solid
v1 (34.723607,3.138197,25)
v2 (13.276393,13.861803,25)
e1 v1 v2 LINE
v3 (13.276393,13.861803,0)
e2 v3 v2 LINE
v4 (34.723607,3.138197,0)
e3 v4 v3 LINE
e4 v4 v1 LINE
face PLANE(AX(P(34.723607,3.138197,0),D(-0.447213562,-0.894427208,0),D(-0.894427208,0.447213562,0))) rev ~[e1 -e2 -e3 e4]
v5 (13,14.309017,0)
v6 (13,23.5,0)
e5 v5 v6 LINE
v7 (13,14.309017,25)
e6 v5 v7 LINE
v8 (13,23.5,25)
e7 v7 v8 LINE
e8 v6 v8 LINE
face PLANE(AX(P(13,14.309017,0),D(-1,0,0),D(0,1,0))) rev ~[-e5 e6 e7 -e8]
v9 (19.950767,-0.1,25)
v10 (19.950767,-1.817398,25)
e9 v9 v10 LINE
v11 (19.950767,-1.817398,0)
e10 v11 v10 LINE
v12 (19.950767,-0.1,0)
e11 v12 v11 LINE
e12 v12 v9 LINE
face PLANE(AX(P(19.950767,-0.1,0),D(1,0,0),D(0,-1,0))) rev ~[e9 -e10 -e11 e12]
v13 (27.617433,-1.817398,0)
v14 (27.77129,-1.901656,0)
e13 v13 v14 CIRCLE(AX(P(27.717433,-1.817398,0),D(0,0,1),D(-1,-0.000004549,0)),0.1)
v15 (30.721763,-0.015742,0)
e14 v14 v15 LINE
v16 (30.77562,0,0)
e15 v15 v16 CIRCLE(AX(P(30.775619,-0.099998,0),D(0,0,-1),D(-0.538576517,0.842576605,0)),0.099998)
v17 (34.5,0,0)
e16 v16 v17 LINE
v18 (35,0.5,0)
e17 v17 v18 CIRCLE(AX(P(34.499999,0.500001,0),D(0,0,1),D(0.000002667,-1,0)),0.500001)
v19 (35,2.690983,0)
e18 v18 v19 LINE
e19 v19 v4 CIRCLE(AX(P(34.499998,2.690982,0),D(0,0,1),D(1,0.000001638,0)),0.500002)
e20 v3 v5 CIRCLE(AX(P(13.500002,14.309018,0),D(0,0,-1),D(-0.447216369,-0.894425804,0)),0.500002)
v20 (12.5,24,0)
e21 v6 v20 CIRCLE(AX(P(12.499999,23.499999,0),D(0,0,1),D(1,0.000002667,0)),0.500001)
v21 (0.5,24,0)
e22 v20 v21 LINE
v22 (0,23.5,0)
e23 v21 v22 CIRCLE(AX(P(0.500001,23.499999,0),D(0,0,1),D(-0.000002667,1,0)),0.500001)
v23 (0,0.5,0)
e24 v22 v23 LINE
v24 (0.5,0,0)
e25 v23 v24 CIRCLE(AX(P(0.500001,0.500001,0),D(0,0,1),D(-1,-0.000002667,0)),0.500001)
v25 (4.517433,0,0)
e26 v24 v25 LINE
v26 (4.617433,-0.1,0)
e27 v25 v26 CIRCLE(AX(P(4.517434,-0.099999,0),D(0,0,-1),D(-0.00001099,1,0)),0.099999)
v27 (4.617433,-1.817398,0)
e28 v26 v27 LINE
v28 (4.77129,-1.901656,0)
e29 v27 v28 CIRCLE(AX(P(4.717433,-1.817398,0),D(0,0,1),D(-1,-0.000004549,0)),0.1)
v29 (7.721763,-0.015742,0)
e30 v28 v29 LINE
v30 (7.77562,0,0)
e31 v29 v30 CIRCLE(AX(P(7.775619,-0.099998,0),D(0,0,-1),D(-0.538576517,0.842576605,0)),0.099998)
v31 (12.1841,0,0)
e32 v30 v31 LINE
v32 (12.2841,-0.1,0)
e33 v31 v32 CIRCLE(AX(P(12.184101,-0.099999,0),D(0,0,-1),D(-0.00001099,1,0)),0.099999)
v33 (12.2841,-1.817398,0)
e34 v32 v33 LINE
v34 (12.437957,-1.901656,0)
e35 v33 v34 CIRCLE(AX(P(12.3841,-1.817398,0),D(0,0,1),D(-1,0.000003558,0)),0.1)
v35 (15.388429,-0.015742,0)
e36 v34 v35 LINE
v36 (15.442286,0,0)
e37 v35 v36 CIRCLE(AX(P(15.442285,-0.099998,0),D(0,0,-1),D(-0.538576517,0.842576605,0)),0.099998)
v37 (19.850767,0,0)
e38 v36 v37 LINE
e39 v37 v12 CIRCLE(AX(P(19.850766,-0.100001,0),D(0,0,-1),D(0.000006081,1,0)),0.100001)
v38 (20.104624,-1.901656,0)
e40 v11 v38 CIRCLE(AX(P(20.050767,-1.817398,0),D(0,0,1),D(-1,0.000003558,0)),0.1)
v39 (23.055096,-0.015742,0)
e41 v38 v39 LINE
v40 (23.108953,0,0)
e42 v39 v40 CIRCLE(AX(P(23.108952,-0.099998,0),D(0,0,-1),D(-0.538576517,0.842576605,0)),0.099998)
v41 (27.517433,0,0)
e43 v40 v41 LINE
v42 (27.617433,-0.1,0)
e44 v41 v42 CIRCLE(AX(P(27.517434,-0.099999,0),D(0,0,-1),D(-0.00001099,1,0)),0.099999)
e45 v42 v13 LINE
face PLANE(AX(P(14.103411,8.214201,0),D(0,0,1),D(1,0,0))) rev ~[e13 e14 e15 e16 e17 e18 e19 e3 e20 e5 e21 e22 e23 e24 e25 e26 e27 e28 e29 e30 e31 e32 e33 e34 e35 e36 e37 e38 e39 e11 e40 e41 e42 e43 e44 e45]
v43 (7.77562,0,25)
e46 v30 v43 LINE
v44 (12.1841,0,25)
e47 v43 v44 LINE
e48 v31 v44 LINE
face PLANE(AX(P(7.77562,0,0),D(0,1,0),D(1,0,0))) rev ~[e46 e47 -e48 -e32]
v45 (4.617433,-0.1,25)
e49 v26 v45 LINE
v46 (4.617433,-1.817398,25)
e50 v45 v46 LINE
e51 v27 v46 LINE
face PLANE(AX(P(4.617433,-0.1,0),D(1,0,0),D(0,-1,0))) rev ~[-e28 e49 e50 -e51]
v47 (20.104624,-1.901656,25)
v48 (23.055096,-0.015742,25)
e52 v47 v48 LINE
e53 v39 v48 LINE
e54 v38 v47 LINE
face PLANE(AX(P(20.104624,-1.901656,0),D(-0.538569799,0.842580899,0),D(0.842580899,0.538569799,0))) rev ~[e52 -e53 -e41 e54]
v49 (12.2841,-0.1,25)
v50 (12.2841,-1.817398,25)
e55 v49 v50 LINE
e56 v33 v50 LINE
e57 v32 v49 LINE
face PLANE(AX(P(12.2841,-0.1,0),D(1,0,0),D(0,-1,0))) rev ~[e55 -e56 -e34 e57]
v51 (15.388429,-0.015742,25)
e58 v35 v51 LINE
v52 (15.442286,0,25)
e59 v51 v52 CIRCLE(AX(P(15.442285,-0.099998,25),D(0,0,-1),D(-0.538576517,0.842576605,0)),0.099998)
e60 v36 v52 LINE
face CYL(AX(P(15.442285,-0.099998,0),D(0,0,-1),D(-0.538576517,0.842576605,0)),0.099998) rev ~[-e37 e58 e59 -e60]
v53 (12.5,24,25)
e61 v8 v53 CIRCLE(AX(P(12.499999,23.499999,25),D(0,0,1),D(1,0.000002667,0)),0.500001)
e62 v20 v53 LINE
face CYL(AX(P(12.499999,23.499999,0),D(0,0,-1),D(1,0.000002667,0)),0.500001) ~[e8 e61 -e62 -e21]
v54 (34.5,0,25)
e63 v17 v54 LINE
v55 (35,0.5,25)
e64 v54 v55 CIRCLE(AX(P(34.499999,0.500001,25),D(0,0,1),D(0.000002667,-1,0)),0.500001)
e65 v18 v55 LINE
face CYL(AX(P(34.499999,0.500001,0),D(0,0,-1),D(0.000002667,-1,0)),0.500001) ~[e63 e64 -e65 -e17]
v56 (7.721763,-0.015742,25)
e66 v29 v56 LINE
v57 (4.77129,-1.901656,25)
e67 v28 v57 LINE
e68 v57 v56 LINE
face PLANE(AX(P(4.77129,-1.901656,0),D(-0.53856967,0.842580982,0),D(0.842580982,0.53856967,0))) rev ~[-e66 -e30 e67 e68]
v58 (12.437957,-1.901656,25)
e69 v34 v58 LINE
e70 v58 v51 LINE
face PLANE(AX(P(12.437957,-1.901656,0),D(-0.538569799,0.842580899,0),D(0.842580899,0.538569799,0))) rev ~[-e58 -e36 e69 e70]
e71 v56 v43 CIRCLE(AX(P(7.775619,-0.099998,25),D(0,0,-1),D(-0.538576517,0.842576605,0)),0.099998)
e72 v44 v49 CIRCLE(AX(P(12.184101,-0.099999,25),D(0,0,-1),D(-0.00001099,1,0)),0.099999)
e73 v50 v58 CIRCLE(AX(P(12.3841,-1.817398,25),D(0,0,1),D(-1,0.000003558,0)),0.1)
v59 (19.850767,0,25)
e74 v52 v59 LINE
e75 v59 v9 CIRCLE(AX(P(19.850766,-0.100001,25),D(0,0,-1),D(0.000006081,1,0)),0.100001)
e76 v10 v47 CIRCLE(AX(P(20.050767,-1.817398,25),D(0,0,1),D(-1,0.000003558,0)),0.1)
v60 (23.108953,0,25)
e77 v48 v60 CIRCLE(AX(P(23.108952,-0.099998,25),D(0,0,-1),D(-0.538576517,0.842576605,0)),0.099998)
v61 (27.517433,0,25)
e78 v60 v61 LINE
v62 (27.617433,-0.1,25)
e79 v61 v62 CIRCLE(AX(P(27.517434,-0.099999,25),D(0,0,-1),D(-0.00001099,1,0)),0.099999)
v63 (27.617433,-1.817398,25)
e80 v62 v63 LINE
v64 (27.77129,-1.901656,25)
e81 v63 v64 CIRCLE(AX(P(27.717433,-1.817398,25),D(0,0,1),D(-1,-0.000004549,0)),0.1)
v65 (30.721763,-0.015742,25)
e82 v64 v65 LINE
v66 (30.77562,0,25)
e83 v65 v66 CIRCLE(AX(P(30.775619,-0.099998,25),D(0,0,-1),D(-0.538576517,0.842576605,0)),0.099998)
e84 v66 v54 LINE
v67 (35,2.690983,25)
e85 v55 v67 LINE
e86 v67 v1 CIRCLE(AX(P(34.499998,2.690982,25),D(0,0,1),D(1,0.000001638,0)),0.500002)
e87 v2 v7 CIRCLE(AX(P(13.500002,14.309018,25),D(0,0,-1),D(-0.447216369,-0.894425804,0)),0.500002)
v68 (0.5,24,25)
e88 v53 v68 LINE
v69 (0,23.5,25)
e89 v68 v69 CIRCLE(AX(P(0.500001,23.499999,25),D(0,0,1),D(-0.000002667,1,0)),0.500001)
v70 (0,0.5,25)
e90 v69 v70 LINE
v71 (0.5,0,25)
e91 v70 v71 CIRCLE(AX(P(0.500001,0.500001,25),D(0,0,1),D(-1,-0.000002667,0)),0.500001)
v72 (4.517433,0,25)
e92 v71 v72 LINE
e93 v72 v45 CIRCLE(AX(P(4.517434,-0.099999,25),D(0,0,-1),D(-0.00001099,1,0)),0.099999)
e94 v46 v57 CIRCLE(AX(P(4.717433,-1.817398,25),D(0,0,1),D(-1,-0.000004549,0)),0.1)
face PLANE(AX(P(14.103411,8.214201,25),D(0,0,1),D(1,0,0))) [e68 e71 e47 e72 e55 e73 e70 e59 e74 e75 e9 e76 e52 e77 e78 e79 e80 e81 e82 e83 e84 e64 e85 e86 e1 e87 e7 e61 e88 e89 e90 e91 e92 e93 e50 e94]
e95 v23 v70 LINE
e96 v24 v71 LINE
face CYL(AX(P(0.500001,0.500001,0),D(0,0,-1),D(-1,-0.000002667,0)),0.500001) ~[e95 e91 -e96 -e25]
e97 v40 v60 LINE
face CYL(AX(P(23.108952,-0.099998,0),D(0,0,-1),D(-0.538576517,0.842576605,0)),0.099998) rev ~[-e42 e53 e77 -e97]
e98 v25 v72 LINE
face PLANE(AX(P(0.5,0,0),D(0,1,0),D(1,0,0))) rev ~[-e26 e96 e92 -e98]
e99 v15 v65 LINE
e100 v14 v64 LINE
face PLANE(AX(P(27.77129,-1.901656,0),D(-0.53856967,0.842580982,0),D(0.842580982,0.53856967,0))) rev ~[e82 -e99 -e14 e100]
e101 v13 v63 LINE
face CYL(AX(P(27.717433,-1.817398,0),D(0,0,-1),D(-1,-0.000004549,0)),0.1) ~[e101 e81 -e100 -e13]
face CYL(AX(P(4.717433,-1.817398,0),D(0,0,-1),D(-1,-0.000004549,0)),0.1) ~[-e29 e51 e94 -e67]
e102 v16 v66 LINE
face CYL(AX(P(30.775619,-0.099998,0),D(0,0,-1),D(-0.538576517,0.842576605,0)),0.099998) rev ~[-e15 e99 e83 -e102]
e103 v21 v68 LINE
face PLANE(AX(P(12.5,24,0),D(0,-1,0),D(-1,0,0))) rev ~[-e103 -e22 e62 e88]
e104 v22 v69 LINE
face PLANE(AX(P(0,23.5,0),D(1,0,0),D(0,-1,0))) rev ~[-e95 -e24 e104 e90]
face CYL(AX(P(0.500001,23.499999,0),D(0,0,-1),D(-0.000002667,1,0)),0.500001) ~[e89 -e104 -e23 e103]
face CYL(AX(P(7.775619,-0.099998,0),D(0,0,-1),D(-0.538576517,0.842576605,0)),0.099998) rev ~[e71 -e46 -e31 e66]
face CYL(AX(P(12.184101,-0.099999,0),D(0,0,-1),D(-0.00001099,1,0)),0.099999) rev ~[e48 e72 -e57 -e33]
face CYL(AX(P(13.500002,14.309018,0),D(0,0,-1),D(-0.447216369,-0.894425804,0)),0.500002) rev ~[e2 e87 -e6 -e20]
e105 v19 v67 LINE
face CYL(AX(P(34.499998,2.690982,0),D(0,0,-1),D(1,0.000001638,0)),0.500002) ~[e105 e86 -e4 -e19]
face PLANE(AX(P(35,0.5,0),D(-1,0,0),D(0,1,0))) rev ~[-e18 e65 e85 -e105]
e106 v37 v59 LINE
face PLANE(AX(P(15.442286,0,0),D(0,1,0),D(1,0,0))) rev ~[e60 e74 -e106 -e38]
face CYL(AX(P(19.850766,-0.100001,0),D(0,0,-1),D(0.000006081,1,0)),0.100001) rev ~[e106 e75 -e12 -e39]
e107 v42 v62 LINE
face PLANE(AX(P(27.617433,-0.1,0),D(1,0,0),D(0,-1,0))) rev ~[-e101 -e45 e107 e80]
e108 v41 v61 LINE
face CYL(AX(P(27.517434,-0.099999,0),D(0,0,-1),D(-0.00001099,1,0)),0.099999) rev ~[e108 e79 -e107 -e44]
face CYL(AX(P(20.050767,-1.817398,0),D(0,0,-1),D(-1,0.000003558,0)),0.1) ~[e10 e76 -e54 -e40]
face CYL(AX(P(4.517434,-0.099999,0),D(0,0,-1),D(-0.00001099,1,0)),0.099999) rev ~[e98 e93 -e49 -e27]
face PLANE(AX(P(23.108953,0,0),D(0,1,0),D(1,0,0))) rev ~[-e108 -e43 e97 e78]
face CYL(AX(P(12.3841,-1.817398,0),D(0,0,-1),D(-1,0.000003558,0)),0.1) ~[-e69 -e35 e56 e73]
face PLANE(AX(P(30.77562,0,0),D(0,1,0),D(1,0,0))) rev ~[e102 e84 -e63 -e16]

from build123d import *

# Parameters (mm, degrees)
F1_DEPTH = 25


with BuildPart() as f1:
    # F0 (on Top) → F1 (new body)
    with BuildSketch(Plane.XY):
        with BuildLine():
            Line((0, 23.5), (0, 0.5))
            ThreePointArc((0, 0.5), (0.146447, 0.146447), (0.5, 0))
            Line((0.5, 0), (4.517433, 0))
            ThreePointArc((4.517433, 0), (4.588144, -0.029289), (4.617433, -0.1))
            Line((4.617433, -0.1), (4.617433, -1.817398))
            ThreePointArc((4.617433, -1.817398), (4.669401, -1.905107), (4.77129, -1.901656))
            Line((4.77129, -1.901656), (7.721763, -0.015742))
            ThreePointArc((7.721763, -0.015742), (7.747565, -0.004016), (7.77562, 0))
            Line((7.77562, 0), (12.1841, 0))
            ThreePointArc((12.1841, 0), (12.254811, -0.029289), (12.2841, -0.1))
            Line((12.2841, -0.1), (12.2841, -1.817398))
            ThreePointArc((12.2841, -1.817398), (12.336067, -1.905107), (12.437957, -1.901656))
            Line((12.437957, -1.901656), (15.388429, -0.015742))
            ThreePointArc((15.388429, -0.015742), (15.414231, -0.004016), (15.442286, 0))
            Line((15.442286, 0), (19.850767, 0))
            ThreePointArc((19.850767, 0), (19.921477, -0.029289), (19.950767, -0.1))
            Line((19.950767, -0.1), (19.950767, -1.817398))
            ThreePointArc((19.950767, -1.817398), (20.002734, -1.905107), (20.104624, -1.901656))
            Line((20.104624, -1.901656), (23.055096, -0.015742))
            ThreePointArc((23.055096, -0.015742), (23.080898, -0.004016), (23.108953, 0))
            Line((23.108953, 0), (27.517433, 0))
            ThreePointArc((27.517433, 0), (27.588144, -0.029289), (27.617433, -0.1))
            Line((27.617433, -0.1), (27.617433, -1.817398))
            ThreePointArc((27.617433, -1.817398), (27.669401, -1.905107), (27.77129, -1.901656))
            Line((27.77129, -1.901656), (30.721763, -0.015742))
            ThreePointArc((30.721763, -0.015742), (30.747565, -0.004016), (30.77562, 0))
            Line((30.77562, 0), (34.5, 0))
            ThreePointArc((34.5, 0), (34.853553, 0.146447), (35, 0.5))
            Line((35, 0.5), (35, 2.690983))
            ThreePointArc((35, 2.690983), (34.925325, 2.953849), (34.723607, 3.138197))
            Line((34.723607, 3.138197), (13.276393, 13.861803))
            ThreePointArc((13.276393, 13.861803), (13.074675, 14.046151), (13, 14.309017))
            Line((13, 14.309017), (13, 23.5))
            ThreePointArc((13, 23.5), (12.853553, 23.853553), (12.5, 24))
            Line((12.5, 24), (0.5, 24))
            ThreePointArc((0.5, 24), (0.146447, 23.853553), (0, 23.5))
        make_face()
    extrude(amount=F1_DEPTH)


solid = f1.part
